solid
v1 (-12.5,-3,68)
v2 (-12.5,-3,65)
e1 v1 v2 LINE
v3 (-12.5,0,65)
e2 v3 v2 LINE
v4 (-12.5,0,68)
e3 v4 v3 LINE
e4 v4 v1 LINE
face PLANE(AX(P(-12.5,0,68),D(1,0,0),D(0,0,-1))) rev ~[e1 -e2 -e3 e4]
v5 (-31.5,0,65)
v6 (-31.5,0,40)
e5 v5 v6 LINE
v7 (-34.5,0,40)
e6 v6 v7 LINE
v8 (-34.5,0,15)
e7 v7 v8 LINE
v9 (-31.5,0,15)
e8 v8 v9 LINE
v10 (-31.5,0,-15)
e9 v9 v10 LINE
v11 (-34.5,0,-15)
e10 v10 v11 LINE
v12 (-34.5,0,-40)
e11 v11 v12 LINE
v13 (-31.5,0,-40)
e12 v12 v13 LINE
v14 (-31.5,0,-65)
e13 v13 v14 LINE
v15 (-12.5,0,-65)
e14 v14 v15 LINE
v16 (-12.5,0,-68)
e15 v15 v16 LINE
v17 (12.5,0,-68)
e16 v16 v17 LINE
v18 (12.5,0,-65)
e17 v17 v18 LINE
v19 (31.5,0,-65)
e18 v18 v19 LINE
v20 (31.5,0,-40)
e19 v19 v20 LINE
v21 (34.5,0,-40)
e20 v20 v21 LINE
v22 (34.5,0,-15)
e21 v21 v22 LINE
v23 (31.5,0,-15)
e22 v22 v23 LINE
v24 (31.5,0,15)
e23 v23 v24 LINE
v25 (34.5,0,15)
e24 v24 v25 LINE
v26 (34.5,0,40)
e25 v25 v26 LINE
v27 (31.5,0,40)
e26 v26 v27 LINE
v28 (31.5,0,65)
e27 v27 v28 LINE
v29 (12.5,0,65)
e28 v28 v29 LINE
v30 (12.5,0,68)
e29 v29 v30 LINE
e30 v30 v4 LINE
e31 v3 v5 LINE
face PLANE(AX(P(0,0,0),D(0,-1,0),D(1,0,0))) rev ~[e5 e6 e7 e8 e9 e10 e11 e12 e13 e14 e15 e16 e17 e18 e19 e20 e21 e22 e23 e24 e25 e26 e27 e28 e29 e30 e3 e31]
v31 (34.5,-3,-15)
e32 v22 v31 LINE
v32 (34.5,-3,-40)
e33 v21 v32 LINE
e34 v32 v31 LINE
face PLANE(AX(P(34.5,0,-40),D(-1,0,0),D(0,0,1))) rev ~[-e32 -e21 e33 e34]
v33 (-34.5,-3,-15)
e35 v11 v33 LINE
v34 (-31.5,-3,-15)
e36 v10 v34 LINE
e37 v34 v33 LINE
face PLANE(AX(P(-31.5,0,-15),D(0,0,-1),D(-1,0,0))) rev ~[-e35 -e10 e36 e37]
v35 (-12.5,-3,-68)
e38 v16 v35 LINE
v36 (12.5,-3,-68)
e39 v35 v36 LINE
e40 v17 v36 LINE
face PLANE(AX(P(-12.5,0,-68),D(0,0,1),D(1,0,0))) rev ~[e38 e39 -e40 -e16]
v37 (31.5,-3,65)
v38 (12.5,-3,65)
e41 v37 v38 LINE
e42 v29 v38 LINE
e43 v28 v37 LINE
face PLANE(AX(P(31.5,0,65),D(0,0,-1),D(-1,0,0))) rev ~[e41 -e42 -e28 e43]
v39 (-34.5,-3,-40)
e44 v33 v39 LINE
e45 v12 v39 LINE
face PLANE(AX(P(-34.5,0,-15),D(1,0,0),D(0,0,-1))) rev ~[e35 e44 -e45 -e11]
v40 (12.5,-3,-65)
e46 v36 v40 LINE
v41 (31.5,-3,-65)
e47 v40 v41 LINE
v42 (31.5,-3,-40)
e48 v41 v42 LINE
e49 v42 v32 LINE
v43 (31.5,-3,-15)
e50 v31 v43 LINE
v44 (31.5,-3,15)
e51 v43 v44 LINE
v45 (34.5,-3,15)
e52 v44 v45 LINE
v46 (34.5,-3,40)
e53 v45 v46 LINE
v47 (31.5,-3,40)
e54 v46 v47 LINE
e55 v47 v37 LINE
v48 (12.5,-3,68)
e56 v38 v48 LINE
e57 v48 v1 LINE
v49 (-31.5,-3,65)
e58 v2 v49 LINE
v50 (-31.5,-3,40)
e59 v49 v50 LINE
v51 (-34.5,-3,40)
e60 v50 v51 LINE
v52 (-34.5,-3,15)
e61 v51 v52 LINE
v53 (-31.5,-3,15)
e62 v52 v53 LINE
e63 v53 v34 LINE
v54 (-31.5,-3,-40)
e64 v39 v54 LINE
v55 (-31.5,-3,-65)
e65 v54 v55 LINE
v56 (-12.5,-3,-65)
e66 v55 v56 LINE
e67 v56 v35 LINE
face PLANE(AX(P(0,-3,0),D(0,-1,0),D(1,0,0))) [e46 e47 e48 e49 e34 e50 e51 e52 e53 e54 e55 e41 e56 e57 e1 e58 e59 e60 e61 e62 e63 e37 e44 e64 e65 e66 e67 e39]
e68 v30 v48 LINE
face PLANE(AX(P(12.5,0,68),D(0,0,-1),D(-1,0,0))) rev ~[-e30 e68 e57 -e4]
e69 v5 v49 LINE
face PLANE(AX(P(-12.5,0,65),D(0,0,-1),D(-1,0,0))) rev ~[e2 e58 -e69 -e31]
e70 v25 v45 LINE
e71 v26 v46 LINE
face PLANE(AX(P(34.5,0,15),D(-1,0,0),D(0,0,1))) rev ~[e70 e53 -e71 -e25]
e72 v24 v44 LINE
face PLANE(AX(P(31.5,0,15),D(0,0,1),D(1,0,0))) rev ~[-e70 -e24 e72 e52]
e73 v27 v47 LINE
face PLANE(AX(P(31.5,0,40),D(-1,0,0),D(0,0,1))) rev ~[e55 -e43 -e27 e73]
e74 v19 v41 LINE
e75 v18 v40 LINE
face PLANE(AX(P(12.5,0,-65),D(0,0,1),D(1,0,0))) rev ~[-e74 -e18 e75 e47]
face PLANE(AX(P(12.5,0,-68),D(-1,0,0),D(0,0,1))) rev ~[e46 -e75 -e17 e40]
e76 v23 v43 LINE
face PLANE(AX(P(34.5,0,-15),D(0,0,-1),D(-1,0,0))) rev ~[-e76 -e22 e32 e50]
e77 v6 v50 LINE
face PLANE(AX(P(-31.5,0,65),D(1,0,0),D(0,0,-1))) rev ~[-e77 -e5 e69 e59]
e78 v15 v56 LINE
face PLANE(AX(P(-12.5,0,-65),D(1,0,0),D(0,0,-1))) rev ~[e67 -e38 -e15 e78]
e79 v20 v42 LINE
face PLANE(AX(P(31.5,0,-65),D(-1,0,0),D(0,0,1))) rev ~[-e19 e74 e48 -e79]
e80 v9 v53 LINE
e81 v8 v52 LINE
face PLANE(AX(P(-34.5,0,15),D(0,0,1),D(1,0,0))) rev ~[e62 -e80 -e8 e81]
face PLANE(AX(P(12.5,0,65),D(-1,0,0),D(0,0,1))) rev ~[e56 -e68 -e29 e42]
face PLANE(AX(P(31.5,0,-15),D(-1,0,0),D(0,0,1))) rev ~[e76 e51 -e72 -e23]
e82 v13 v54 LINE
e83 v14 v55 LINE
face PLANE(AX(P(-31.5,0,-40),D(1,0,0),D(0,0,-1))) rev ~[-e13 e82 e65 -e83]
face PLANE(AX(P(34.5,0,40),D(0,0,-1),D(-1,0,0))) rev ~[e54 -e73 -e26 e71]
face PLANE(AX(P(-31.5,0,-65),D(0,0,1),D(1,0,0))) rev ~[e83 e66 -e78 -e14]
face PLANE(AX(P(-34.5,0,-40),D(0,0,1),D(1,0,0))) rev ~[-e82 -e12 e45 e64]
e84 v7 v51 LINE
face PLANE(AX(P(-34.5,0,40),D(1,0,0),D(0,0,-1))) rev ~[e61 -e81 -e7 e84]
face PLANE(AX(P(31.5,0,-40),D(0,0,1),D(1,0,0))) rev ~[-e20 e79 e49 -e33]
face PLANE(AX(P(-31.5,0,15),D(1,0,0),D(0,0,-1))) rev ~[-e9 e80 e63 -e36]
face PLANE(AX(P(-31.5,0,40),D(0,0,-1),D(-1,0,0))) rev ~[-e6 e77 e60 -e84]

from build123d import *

# Parameters (mm, degrees)
F1_DEPTH = 3


with BuildPart() as f1:
    # F0 (on Front) → F1 (new body)
    with BuildSketch(Plane.XZ):
        Polygon((-31.5, 65), (-31.5, 40), (-34.5, 40), (-34.5, 15), (-31.5, 15), (-31.5, 0), (-31.5, -15), (-34.5, -15), (-34.5, -40), (-31.5, -40), (-31.5, -65), (-12.5, -65), (-12.5, -68), (0, -68), (12.5, -68), (12.5, -65), (31.5, -65), (31.5, -40), (34.5, -40), (34.5, -15), (31.5, -15), (31.5, 0), (31.5, 15), (34.5, 15), (34.5, 40), (31.5, 40), (31.5, 65), (12.5, 65), (12.5, 68), (0, 68), (-12.5, 68), (-12.5, 65), align=None)
    extrude(amount=F1_DEPTH)


solid = f1.part
